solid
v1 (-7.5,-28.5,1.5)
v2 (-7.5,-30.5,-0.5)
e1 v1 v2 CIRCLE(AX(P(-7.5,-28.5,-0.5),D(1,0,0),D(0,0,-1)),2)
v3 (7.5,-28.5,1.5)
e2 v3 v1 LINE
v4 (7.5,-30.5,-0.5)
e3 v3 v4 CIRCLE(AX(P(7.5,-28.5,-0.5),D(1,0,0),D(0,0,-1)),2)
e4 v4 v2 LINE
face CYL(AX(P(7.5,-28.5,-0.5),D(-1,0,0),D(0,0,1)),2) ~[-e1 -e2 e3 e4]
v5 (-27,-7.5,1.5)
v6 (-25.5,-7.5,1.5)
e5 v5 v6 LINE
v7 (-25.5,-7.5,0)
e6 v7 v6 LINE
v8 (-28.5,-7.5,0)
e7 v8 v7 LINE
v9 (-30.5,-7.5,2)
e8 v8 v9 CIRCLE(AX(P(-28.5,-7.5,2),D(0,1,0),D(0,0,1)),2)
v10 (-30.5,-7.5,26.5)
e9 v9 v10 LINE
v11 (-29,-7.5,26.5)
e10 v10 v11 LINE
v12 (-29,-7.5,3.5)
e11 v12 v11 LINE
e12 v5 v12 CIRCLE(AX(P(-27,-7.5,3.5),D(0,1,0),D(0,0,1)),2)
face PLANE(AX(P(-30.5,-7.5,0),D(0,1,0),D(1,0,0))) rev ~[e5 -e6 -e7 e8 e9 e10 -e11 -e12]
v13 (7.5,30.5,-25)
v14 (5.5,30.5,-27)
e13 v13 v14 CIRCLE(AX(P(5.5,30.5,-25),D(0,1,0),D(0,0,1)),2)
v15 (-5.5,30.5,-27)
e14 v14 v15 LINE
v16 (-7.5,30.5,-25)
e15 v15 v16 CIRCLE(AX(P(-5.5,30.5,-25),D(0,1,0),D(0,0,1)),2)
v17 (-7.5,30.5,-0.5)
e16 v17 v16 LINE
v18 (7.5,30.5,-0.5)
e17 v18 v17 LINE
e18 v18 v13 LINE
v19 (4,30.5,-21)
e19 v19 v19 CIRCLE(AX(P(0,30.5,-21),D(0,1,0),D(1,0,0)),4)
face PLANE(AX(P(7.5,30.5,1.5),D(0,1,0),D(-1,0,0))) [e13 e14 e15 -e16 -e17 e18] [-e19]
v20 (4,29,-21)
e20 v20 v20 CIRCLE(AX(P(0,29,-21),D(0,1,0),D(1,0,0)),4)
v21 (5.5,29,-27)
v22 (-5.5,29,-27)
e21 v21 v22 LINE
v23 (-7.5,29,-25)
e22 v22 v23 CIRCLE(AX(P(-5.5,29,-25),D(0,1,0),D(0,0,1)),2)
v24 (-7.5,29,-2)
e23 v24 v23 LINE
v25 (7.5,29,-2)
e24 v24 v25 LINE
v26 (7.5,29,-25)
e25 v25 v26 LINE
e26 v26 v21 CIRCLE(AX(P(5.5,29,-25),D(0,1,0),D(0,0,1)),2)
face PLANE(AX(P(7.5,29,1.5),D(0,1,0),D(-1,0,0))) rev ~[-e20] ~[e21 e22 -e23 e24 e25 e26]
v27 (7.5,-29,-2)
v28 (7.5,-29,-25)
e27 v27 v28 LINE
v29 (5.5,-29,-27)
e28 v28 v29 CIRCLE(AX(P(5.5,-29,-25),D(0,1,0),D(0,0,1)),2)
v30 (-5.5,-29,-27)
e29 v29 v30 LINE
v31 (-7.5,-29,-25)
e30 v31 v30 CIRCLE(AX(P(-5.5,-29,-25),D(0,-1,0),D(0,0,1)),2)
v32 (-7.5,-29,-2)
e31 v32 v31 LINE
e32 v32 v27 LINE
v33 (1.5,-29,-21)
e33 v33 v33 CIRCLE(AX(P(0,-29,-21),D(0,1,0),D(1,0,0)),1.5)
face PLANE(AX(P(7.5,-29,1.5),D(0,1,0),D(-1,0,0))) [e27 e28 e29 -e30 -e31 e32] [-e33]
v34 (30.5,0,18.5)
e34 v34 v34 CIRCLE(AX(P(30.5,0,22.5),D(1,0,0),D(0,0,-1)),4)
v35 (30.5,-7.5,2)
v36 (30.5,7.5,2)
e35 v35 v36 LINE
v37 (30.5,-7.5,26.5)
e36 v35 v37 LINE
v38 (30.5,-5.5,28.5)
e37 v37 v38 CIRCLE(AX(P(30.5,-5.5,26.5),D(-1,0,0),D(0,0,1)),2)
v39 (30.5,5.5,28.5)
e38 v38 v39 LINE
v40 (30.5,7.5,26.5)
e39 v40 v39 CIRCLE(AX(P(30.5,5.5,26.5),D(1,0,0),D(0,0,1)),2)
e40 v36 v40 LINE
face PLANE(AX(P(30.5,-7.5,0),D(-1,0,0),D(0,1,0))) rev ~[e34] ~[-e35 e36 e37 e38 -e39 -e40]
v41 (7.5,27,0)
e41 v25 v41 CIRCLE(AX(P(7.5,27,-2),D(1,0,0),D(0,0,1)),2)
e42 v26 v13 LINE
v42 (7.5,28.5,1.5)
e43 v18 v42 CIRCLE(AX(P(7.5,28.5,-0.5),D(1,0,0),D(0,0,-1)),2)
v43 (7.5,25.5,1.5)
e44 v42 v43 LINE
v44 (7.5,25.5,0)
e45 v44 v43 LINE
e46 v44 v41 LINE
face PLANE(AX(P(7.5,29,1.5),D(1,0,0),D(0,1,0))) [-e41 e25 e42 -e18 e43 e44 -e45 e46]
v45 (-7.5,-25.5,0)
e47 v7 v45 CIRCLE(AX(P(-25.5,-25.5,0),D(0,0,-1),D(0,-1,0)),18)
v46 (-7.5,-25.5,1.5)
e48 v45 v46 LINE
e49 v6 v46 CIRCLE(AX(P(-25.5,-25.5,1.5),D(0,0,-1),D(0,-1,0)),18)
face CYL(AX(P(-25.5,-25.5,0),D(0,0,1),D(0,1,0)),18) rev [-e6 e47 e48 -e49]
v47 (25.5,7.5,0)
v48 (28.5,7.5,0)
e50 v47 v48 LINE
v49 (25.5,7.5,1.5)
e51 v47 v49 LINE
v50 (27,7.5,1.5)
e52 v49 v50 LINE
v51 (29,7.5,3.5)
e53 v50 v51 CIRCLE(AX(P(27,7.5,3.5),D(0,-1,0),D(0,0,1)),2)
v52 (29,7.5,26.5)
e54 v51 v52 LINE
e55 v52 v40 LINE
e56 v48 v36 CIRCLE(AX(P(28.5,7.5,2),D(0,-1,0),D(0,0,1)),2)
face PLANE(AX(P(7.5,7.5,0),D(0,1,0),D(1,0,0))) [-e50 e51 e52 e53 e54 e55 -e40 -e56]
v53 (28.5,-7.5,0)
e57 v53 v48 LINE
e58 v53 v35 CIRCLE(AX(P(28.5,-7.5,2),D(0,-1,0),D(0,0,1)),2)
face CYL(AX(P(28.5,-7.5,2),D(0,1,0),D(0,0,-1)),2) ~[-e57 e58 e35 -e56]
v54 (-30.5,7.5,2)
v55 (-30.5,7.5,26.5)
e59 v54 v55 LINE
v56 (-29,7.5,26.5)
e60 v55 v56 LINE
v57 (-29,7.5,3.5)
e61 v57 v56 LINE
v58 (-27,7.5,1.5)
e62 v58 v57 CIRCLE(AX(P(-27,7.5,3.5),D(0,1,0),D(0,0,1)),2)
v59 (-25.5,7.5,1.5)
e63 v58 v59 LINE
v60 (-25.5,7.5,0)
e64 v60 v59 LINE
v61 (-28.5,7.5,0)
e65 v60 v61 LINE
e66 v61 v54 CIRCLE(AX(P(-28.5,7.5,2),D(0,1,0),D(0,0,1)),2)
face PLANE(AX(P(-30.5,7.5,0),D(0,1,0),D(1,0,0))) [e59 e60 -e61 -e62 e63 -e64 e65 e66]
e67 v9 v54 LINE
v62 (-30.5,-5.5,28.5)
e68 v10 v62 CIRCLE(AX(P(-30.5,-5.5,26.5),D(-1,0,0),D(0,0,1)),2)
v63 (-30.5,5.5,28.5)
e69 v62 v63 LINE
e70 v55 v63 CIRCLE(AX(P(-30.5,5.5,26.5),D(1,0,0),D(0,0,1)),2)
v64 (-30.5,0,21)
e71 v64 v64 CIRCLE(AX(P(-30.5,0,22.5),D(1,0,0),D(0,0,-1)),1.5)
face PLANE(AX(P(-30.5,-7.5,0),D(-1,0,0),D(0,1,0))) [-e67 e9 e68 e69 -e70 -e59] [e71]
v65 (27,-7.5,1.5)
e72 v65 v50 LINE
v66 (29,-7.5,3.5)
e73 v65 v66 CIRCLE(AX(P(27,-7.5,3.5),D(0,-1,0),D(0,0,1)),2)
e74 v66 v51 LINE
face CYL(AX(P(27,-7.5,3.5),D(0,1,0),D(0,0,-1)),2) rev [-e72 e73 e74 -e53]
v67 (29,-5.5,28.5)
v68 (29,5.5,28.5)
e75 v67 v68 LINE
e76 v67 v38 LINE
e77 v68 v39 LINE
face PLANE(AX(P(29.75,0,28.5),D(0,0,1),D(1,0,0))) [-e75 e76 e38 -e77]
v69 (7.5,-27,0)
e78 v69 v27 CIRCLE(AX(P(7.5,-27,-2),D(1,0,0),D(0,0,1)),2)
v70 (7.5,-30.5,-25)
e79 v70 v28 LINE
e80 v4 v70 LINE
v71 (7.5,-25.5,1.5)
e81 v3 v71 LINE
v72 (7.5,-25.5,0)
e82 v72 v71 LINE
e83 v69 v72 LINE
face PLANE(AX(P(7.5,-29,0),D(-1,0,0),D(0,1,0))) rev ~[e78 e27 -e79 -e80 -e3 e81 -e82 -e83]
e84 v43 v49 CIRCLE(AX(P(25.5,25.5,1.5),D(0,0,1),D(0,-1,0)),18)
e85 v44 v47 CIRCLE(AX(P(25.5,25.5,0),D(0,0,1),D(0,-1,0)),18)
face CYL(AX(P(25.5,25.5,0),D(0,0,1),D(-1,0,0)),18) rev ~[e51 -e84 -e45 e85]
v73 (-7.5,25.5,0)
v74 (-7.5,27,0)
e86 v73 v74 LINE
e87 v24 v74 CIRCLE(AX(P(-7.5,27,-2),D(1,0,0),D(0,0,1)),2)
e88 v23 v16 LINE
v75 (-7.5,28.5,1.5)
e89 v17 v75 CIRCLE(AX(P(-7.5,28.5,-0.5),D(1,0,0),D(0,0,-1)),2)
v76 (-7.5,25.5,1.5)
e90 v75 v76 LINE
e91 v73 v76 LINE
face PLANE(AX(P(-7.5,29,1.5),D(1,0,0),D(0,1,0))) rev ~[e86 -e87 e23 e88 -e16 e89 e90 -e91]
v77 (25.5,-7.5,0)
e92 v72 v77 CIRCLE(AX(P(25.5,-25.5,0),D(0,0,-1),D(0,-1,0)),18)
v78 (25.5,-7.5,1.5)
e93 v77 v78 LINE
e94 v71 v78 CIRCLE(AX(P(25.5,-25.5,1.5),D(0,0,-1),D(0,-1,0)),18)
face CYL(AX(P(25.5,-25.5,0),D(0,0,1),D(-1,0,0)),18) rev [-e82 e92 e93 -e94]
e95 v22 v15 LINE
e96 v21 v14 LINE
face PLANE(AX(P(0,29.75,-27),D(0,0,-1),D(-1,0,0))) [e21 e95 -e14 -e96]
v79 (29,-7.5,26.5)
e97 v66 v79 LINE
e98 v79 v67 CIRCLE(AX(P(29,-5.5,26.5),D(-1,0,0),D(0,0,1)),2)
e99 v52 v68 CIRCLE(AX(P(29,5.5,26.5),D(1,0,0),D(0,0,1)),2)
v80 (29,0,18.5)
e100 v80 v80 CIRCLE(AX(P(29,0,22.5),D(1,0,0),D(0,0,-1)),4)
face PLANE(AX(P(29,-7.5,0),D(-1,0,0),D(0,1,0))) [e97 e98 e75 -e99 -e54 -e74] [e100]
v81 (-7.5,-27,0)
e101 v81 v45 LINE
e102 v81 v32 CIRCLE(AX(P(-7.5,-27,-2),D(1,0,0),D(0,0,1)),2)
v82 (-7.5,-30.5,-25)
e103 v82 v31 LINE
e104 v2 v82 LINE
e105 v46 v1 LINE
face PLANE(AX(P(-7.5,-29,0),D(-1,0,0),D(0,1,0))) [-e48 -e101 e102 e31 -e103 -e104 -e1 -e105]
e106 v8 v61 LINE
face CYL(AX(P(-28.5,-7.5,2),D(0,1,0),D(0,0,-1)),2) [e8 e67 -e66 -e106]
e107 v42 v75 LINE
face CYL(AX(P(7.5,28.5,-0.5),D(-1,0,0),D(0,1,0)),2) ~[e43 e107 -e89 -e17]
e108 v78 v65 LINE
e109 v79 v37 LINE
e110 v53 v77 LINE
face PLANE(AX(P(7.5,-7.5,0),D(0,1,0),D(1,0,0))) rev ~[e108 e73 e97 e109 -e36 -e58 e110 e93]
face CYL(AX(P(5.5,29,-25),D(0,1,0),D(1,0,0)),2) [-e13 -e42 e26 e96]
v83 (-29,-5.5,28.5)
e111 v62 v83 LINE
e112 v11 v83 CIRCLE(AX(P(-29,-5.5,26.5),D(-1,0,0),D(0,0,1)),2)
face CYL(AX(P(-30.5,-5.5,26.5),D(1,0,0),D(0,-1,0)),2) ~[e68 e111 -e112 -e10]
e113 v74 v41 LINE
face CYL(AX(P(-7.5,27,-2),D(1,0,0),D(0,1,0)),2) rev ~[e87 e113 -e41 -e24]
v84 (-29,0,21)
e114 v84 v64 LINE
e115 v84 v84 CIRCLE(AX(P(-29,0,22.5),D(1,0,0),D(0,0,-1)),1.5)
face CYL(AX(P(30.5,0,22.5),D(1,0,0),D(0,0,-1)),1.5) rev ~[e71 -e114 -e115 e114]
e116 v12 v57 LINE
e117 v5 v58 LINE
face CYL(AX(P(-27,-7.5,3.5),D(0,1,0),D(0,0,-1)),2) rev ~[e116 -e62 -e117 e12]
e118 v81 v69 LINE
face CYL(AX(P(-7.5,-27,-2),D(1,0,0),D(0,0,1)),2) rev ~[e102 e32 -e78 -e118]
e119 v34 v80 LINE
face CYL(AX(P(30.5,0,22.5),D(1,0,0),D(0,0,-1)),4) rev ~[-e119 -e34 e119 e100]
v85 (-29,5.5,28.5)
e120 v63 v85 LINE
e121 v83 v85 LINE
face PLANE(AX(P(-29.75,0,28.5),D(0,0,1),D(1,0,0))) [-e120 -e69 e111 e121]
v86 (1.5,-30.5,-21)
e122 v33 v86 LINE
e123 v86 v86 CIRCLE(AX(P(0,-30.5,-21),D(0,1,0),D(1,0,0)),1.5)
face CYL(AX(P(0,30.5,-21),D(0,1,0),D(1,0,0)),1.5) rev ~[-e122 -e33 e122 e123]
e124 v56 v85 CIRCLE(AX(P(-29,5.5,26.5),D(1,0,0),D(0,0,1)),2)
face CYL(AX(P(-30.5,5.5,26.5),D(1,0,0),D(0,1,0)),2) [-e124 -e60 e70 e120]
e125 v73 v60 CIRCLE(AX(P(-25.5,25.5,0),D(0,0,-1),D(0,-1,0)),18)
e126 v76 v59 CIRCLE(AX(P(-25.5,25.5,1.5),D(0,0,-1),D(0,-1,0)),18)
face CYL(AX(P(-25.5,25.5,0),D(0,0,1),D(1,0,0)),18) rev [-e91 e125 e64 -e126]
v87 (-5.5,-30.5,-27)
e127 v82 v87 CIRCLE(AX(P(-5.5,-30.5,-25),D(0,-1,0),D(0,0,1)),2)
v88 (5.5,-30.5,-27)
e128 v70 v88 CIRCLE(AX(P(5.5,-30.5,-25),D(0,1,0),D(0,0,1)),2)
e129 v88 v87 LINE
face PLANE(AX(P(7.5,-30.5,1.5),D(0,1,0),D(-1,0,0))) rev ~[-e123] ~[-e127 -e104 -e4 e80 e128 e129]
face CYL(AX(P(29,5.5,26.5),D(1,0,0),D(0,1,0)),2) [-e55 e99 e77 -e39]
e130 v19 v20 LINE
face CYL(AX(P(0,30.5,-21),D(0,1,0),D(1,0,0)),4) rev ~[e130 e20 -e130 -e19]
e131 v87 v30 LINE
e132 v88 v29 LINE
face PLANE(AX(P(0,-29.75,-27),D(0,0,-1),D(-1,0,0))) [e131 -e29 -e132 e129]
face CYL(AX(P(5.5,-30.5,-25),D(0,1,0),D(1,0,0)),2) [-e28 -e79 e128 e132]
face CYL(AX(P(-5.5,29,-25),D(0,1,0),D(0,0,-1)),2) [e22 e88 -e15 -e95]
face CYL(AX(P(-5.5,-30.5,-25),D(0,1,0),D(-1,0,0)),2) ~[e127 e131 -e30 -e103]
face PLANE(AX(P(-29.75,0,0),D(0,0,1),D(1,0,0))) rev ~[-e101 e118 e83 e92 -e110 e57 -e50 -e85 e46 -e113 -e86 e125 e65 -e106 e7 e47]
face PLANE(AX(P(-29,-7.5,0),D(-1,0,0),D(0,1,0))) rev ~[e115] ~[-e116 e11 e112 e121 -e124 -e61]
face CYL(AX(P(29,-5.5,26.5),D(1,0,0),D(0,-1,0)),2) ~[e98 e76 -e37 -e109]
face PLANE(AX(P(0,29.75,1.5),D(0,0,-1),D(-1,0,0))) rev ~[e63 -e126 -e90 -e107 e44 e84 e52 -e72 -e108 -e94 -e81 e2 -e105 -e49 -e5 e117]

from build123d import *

# Parameters (mm, degrees)
SKETCH1_W           = 15
SKETCH1_H           = 21.5
SKETCH1_W_2         = 21.5
SKETCH1_H_2         = 15
BOSS_EXTRUDE1_DEPTH = 1.5
BOSS_EXTRUDE2_START = -1.5
SKETCH2_W           = 1.5
SKETCH2_H           = 15
BOSS_EXTRUDE2_DEPTH = 28.5
BOSS_EXTRUDE3_START = -1.5
SKETCH3_W           = 15
SKETCH3_H           = 1.5
BOSS_EXTRUDE3_DEPTH = 28.5
SKETCH4_R           = 1.5
CUT_EXTRUDE1_DEPTH  = 62
SKETCH5_R           = 1.5
CUT_EXTRUDE2_DEPTH  = 62
FILLET1_R           = 2
FILLET2_R           = 2
FILLET3_R           = 18
CUT_EXTRUDE3_REACH  = 63
SKETCH6_R           = 4
CUT_EXTRUDE4_REACH  = 63
SKETCH7_R           = 4


with BuildPart() as part:
    # Sketch1 → Boss-Extrude1 (new body)
    with BuildSketch(Plane.XY):
        with Locations((0, 18.25)):
            Rectangle(SKETCH1_W, SKETCH1_H)
        with Locations((-18.25, 0)):
            Rectangle(SKETCH1_W_2, SKETCH1_H_2)
        Rectangle(SKETCH1_W, SKETCH1_H_2)
        with Locations((18.25, 0)):
            Rectangle(SKETCH1_W_2, SKETCH1_H_2)
        with Locations((0, -18.25)):
            Rectangle(SKETCH1_W, SKETCH1_H)
    extrude(amount=BOSS_EXTRUDE1_DEPTH)

    # Sketch2 → Boss-Extrude2 (add)
    with BuildSketch(Plane.XY.offset(1.5).offset(BOSS_EXTRUDE2_START)):
        with Locations((-29.75, 0)):
            Rectangle(SKETCH2_W, SKETCH2_H)
        with Locations((29.75, 0)):
            Rectangle(SKETCH2_W, SKETCH2_H)
    extrude(amount=BOSS_EXTRUDE2_DEPTH)

    # Sketch3 → Boss-Extrude3 (add)
    with BuildSketch(Plane(origin=(0, 0, 0), x_dir=(-1, 0, 0), z_dir=(0, 0, -1)).offset(BOSS_EXTRUDE3_START)):
        with Locations((0, 29.75)):
            Rectangle(SKETCH3_W, SKETCH3_H)
        with Locations((0, -29.75)):
            Rectangle(SKETCH3_W, SKETCH3_H)
    extrude(amount=BOSS_EXTRUDE3_DEPTH)

    # Sketch4 → Cut-Extrude1 (cut, through all)
    with BuildSketch(Plane(origin=(30.5, 0, 0), x_dir=(0, 0, -1), z_dir=(1, 0, 0))):
        with Locations((-22.5, 0)):
            Circle(SKETCH4_R)
    extrude(amount=-CUT_EXTRUDE1_DEPTH, mode=Mode.SUBTRACT)

    # Sketch5 → Cut-Extrude2 (cut, through all)
    with BuildSketch(Plane(origin=(0, 30.5, 0), x_dir=(1, 0, 0), z_dir=(0, 1, 0))):
        with Locations((0, 21)):
            Circle(SKETCH5_R)
    extrude(amount=-CUT_EXTRUDE2_DEPTH, mode=Mode.SUBTRACT)

    # Fillet1
    fillet1_edges = [part.edges().sort_by_distance(p)[0] for p in [
        (-7.5, -29.75, -27),
        (7.5, -29.75, -27),
        (-7.5, 29.75, -27),
        (7.5, 29.75, -27),
        (-29.75, 7.5, 28.5),
        (-29.75, -7.5, 28.5),
        (29.75, -7.5, 28.5),
        (29.75, 7.5, 28.5),
    ]]
    fillet(fillet1_edges, radius=FILLET1_R)

    # Fillet2
    fillet2_edges = [part.edges().sort_by_distance(p)[0] for p in [
        (29, 0, 1.5),
        (30.5, 0, 0),
        (-30.5, 0, 0),
        (-29, 0, 1.5),
        (0, 29, 0),
        (0, -29, 0),
        (0, -30.5, 1.5),
        (0, 30.5, 1.5),
    ]]
    fillet(fillet2_edges, radius=FILLET2_R)

    # Fillet3
    fillet3_edges = [part.edges().sort_by_distance(p)[0] for p in [
        (-7.5, 7.5, 0.75),
        (-7.5, -7.5, 0.75),
        (7.5, -7.5, 0.75),
        (7.5, 7.5, 0.75),
    ]]
    fillet(fillet3_edges, radius=FILLET3_R)

    # Sketch6 → Cut-Extrude3 (cut, up to next)
    with BuildSketch(Plane(origin=(30.5, 0, 0), x_dir=(0, 0, -1), z_dir=(1, 0, 0)), mode=Mode.PRIVATE) as cut_extrude3_sk1:
        with Locations((-22.5, 0)):
            Circle(SKETCH6_R)
    cut_extrude3_tool1 = extrude(cut_extrude3_sk1.sketch, amount=-CUT_EXTRUDE3_REACH, mode=Mode.PRIVATE) & part.part
    add(cut_extrude3_tool1.solids().sort_by_distance((30.5, 0, 22.5))[0], mode=Mode.SUBTRACT)

    # Sketch7 → Cut-Extrude4 (cut, up to next)
    with BuildSketch(Plane(origin=(0, 30.5, 0), x_dir=(1, 0, 0), z_dir=(0, 1, 0)), mode=Mode.PRIVATE) as cut_extrude4_sk1:
        with Locations((0, 21)):
            Circle(SKETCH7_R)
    cut_extrude4_tool1 = extrude(cut_extrude4_sk1.sketch, amount=-CUT_EXTRUDE4_REACH, mode=Mode.PRIVATE) & part.part
    add(cut_extrude4_tool1.solids().sort_by_distance((0, 30.5, -21))[0], mode=Mode.SUBTRACT)


solid = part.part
